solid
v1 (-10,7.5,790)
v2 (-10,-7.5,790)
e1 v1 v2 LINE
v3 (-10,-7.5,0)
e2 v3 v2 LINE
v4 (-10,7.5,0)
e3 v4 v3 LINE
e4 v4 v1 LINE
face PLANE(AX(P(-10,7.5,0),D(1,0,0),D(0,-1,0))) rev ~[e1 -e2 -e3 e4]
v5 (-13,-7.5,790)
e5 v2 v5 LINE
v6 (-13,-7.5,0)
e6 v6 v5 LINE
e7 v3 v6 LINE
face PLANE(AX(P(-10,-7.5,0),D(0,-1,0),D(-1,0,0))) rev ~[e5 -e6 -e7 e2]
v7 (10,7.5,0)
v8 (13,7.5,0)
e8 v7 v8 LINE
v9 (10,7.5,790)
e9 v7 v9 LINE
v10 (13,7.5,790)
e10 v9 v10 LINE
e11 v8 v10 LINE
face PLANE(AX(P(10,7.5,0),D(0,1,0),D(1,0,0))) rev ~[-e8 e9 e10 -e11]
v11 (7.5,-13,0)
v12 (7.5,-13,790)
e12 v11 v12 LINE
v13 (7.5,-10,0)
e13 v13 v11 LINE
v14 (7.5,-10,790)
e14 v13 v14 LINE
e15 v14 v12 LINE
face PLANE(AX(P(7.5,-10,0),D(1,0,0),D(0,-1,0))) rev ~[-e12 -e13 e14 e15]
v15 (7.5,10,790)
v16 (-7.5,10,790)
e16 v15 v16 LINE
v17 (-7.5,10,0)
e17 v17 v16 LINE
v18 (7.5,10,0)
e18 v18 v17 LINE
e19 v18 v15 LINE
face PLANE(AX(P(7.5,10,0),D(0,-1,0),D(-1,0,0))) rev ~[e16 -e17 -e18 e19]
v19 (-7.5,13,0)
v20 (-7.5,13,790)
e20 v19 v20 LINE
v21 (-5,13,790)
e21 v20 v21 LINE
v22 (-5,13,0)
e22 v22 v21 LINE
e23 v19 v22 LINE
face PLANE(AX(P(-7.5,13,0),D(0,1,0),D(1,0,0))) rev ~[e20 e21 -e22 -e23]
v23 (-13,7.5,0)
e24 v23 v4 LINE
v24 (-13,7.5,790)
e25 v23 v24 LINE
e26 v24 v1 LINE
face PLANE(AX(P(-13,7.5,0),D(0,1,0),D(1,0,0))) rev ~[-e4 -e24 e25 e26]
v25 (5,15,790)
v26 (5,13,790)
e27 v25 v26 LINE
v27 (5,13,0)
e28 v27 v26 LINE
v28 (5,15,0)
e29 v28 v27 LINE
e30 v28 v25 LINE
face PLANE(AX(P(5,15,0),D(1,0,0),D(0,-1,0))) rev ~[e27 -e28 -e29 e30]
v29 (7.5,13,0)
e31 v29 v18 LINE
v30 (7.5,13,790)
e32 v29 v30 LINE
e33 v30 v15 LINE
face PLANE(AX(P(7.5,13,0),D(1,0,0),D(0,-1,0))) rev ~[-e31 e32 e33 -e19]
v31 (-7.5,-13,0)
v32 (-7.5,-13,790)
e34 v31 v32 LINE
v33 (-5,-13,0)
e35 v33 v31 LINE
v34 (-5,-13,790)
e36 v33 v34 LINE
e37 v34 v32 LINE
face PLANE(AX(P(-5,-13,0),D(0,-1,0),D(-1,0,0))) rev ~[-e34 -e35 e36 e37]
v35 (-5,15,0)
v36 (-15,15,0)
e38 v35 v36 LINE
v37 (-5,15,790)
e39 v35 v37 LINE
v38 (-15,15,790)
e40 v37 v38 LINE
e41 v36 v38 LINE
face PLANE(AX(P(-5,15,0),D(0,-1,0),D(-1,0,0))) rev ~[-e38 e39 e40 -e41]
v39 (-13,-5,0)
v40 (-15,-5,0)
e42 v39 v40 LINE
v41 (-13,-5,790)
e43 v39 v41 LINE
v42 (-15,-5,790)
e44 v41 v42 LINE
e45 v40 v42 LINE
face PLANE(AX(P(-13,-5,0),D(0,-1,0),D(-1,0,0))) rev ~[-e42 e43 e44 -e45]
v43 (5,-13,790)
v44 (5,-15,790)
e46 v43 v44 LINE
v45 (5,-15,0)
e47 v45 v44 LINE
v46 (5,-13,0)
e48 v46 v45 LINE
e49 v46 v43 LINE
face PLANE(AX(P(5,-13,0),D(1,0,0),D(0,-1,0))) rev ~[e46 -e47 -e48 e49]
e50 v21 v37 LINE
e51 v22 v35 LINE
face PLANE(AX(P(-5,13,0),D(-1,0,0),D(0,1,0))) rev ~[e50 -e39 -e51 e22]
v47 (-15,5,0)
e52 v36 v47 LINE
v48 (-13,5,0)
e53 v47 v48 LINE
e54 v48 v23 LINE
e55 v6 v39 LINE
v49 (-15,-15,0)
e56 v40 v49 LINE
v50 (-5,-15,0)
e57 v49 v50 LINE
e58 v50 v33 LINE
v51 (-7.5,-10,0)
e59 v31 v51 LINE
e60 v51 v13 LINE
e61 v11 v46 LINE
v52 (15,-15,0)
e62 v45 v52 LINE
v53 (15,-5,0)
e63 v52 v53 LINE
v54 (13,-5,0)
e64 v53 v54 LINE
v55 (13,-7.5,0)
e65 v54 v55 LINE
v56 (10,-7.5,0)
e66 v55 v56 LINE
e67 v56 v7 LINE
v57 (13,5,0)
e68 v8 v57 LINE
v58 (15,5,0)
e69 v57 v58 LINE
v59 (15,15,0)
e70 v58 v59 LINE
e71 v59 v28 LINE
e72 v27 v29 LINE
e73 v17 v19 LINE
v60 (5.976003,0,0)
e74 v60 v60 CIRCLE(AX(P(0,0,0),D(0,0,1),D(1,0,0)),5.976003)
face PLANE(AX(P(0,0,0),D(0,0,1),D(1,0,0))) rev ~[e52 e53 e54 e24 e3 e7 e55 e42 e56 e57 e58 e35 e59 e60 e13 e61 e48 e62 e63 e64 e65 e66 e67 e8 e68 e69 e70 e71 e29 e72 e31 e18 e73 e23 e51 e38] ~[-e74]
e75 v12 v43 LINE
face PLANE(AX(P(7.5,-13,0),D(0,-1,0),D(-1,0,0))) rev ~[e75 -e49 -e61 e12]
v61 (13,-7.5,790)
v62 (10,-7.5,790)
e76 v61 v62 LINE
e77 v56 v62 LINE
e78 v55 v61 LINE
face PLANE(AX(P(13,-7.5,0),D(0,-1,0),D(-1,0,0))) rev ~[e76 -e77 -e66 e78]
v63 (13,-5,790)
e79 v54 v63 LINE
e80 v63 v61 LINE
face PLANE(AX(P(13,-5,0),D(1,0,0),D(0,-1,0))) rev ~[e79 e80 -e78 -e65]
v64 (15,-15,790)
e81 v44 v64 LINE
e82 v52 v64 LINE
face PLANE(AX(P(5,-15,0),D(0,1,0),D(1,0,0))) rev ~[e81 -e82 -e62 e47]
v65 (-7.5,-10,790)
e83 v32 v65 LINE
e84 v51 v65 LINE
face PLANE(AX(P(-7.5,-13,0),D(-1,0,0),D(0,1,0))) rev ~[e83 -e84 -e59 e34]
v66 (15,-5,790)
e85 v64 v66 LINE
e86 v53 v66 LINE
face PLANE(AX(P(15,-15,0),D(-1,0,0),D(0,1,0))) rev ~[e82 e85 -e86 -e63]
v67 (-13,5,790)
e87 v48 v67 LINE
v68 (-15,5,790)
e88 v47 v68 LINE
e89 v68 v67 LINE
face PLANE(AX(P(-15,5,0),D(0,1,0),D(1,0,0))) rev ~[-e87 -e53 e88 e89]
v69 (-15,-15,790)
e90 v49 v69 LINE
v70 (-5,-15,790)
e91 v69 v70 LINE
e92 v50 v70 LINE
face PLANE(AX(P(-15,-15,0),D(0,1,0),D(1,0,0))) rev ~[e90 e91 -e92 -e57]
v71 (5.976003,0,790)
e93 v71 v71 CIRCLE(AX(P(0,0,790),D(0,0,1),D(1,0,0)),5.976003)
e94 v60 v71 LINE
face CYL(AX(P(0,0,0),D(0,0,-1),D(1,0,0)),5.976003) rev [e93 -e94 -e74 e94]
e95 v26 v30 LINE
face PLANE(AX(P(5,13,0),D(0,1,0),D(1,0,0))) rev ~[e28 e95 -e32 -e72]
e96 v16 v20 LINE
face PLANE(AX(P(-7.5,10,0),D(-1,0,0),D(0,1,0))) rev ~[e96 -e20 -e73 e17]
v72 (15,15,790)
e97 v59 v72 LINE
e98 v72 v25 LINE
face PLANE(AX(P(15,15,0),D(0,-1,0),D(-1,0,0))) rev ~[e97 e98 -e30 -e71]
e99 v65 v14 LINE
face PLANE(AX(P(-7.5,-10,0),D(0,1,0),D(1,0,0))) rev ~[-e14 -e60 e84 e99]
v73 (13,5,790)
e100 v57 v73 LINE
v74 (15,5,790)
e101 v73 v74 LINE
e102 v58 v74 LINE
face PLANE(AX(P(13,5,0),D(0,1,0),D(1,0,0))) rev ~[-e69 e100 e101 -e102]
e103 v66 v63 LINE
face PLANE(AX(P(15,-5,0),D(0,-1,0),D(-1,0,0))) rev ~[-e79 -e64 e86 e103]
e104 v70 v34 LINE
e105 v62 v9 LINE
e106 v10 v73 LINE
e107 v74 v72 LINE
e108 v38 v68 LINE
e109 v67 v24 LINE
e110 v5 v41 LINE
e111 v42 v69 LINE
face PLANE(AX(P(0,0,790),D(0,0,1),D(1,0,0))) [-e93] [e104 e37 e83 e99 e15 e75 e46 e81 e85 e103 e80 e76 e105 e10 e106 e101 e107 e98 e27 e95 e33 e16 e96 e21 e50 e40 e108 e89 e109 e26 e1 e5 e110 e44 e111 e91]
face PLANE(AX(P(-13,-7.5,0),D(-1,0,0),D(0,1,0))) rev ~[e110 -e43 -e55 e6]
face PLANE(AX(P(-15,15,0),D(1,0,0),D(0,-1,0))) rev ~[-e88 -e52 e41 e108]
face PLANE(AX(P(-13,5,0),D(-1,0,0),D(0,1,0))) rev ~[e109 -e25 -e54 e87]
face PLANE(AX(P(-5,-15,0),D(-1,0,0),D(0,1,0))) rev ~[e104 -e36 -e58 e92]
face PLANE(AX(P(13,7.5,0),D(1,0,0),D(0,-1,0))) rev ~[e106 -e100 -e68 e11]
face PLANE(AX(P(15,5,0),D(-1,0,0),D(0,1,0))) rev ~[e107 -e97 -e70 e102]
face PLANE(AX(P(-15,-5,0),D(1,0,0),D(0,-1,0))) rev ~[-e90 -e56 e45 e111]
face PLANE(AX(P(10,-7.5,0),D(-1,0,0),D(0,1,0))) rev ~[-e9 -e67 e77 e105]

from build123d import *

# Parameters (mm, degrees)
F0_R     = 5.976003
F1_DEPTH = 790


with BuildPart() as f1:
    # F0 (on Top) → F1 (new body)
    with BuildSketch(Plane.XY):
        Polygon((15, 15), (5, 15), (5, 13), (7.5, 13), (7.5, 10), (0, 10), (-7.5, 10), (-7.5, 13), (-5, 13), (-5, 15), (-15, 15), (-15, 5), (-13, 5), (-13, 7.5), (-10, 7.5), (-10, 0), (-10, -7.5), (-13, -7.5), (-13, -5), (-15, -5), (-15, -15), (-5, -15), (-5, -13), (-7.5, -13), (-7.5, -10), (0, -10), (7.5, -10), (7.5, -13), (5, -13), (5, -15), (15, -15), (15, -5), (13, -5), (13, -7.5), (10, -7.5), (10, 0), (10, 7.5), (13, 7.5), (13, 5), (15, 5), align=None)
        Circle(F0_R, mode=Mode.SUBTRACT)
    extrude(amount=F1_DEPTH)


solid = f1.part
